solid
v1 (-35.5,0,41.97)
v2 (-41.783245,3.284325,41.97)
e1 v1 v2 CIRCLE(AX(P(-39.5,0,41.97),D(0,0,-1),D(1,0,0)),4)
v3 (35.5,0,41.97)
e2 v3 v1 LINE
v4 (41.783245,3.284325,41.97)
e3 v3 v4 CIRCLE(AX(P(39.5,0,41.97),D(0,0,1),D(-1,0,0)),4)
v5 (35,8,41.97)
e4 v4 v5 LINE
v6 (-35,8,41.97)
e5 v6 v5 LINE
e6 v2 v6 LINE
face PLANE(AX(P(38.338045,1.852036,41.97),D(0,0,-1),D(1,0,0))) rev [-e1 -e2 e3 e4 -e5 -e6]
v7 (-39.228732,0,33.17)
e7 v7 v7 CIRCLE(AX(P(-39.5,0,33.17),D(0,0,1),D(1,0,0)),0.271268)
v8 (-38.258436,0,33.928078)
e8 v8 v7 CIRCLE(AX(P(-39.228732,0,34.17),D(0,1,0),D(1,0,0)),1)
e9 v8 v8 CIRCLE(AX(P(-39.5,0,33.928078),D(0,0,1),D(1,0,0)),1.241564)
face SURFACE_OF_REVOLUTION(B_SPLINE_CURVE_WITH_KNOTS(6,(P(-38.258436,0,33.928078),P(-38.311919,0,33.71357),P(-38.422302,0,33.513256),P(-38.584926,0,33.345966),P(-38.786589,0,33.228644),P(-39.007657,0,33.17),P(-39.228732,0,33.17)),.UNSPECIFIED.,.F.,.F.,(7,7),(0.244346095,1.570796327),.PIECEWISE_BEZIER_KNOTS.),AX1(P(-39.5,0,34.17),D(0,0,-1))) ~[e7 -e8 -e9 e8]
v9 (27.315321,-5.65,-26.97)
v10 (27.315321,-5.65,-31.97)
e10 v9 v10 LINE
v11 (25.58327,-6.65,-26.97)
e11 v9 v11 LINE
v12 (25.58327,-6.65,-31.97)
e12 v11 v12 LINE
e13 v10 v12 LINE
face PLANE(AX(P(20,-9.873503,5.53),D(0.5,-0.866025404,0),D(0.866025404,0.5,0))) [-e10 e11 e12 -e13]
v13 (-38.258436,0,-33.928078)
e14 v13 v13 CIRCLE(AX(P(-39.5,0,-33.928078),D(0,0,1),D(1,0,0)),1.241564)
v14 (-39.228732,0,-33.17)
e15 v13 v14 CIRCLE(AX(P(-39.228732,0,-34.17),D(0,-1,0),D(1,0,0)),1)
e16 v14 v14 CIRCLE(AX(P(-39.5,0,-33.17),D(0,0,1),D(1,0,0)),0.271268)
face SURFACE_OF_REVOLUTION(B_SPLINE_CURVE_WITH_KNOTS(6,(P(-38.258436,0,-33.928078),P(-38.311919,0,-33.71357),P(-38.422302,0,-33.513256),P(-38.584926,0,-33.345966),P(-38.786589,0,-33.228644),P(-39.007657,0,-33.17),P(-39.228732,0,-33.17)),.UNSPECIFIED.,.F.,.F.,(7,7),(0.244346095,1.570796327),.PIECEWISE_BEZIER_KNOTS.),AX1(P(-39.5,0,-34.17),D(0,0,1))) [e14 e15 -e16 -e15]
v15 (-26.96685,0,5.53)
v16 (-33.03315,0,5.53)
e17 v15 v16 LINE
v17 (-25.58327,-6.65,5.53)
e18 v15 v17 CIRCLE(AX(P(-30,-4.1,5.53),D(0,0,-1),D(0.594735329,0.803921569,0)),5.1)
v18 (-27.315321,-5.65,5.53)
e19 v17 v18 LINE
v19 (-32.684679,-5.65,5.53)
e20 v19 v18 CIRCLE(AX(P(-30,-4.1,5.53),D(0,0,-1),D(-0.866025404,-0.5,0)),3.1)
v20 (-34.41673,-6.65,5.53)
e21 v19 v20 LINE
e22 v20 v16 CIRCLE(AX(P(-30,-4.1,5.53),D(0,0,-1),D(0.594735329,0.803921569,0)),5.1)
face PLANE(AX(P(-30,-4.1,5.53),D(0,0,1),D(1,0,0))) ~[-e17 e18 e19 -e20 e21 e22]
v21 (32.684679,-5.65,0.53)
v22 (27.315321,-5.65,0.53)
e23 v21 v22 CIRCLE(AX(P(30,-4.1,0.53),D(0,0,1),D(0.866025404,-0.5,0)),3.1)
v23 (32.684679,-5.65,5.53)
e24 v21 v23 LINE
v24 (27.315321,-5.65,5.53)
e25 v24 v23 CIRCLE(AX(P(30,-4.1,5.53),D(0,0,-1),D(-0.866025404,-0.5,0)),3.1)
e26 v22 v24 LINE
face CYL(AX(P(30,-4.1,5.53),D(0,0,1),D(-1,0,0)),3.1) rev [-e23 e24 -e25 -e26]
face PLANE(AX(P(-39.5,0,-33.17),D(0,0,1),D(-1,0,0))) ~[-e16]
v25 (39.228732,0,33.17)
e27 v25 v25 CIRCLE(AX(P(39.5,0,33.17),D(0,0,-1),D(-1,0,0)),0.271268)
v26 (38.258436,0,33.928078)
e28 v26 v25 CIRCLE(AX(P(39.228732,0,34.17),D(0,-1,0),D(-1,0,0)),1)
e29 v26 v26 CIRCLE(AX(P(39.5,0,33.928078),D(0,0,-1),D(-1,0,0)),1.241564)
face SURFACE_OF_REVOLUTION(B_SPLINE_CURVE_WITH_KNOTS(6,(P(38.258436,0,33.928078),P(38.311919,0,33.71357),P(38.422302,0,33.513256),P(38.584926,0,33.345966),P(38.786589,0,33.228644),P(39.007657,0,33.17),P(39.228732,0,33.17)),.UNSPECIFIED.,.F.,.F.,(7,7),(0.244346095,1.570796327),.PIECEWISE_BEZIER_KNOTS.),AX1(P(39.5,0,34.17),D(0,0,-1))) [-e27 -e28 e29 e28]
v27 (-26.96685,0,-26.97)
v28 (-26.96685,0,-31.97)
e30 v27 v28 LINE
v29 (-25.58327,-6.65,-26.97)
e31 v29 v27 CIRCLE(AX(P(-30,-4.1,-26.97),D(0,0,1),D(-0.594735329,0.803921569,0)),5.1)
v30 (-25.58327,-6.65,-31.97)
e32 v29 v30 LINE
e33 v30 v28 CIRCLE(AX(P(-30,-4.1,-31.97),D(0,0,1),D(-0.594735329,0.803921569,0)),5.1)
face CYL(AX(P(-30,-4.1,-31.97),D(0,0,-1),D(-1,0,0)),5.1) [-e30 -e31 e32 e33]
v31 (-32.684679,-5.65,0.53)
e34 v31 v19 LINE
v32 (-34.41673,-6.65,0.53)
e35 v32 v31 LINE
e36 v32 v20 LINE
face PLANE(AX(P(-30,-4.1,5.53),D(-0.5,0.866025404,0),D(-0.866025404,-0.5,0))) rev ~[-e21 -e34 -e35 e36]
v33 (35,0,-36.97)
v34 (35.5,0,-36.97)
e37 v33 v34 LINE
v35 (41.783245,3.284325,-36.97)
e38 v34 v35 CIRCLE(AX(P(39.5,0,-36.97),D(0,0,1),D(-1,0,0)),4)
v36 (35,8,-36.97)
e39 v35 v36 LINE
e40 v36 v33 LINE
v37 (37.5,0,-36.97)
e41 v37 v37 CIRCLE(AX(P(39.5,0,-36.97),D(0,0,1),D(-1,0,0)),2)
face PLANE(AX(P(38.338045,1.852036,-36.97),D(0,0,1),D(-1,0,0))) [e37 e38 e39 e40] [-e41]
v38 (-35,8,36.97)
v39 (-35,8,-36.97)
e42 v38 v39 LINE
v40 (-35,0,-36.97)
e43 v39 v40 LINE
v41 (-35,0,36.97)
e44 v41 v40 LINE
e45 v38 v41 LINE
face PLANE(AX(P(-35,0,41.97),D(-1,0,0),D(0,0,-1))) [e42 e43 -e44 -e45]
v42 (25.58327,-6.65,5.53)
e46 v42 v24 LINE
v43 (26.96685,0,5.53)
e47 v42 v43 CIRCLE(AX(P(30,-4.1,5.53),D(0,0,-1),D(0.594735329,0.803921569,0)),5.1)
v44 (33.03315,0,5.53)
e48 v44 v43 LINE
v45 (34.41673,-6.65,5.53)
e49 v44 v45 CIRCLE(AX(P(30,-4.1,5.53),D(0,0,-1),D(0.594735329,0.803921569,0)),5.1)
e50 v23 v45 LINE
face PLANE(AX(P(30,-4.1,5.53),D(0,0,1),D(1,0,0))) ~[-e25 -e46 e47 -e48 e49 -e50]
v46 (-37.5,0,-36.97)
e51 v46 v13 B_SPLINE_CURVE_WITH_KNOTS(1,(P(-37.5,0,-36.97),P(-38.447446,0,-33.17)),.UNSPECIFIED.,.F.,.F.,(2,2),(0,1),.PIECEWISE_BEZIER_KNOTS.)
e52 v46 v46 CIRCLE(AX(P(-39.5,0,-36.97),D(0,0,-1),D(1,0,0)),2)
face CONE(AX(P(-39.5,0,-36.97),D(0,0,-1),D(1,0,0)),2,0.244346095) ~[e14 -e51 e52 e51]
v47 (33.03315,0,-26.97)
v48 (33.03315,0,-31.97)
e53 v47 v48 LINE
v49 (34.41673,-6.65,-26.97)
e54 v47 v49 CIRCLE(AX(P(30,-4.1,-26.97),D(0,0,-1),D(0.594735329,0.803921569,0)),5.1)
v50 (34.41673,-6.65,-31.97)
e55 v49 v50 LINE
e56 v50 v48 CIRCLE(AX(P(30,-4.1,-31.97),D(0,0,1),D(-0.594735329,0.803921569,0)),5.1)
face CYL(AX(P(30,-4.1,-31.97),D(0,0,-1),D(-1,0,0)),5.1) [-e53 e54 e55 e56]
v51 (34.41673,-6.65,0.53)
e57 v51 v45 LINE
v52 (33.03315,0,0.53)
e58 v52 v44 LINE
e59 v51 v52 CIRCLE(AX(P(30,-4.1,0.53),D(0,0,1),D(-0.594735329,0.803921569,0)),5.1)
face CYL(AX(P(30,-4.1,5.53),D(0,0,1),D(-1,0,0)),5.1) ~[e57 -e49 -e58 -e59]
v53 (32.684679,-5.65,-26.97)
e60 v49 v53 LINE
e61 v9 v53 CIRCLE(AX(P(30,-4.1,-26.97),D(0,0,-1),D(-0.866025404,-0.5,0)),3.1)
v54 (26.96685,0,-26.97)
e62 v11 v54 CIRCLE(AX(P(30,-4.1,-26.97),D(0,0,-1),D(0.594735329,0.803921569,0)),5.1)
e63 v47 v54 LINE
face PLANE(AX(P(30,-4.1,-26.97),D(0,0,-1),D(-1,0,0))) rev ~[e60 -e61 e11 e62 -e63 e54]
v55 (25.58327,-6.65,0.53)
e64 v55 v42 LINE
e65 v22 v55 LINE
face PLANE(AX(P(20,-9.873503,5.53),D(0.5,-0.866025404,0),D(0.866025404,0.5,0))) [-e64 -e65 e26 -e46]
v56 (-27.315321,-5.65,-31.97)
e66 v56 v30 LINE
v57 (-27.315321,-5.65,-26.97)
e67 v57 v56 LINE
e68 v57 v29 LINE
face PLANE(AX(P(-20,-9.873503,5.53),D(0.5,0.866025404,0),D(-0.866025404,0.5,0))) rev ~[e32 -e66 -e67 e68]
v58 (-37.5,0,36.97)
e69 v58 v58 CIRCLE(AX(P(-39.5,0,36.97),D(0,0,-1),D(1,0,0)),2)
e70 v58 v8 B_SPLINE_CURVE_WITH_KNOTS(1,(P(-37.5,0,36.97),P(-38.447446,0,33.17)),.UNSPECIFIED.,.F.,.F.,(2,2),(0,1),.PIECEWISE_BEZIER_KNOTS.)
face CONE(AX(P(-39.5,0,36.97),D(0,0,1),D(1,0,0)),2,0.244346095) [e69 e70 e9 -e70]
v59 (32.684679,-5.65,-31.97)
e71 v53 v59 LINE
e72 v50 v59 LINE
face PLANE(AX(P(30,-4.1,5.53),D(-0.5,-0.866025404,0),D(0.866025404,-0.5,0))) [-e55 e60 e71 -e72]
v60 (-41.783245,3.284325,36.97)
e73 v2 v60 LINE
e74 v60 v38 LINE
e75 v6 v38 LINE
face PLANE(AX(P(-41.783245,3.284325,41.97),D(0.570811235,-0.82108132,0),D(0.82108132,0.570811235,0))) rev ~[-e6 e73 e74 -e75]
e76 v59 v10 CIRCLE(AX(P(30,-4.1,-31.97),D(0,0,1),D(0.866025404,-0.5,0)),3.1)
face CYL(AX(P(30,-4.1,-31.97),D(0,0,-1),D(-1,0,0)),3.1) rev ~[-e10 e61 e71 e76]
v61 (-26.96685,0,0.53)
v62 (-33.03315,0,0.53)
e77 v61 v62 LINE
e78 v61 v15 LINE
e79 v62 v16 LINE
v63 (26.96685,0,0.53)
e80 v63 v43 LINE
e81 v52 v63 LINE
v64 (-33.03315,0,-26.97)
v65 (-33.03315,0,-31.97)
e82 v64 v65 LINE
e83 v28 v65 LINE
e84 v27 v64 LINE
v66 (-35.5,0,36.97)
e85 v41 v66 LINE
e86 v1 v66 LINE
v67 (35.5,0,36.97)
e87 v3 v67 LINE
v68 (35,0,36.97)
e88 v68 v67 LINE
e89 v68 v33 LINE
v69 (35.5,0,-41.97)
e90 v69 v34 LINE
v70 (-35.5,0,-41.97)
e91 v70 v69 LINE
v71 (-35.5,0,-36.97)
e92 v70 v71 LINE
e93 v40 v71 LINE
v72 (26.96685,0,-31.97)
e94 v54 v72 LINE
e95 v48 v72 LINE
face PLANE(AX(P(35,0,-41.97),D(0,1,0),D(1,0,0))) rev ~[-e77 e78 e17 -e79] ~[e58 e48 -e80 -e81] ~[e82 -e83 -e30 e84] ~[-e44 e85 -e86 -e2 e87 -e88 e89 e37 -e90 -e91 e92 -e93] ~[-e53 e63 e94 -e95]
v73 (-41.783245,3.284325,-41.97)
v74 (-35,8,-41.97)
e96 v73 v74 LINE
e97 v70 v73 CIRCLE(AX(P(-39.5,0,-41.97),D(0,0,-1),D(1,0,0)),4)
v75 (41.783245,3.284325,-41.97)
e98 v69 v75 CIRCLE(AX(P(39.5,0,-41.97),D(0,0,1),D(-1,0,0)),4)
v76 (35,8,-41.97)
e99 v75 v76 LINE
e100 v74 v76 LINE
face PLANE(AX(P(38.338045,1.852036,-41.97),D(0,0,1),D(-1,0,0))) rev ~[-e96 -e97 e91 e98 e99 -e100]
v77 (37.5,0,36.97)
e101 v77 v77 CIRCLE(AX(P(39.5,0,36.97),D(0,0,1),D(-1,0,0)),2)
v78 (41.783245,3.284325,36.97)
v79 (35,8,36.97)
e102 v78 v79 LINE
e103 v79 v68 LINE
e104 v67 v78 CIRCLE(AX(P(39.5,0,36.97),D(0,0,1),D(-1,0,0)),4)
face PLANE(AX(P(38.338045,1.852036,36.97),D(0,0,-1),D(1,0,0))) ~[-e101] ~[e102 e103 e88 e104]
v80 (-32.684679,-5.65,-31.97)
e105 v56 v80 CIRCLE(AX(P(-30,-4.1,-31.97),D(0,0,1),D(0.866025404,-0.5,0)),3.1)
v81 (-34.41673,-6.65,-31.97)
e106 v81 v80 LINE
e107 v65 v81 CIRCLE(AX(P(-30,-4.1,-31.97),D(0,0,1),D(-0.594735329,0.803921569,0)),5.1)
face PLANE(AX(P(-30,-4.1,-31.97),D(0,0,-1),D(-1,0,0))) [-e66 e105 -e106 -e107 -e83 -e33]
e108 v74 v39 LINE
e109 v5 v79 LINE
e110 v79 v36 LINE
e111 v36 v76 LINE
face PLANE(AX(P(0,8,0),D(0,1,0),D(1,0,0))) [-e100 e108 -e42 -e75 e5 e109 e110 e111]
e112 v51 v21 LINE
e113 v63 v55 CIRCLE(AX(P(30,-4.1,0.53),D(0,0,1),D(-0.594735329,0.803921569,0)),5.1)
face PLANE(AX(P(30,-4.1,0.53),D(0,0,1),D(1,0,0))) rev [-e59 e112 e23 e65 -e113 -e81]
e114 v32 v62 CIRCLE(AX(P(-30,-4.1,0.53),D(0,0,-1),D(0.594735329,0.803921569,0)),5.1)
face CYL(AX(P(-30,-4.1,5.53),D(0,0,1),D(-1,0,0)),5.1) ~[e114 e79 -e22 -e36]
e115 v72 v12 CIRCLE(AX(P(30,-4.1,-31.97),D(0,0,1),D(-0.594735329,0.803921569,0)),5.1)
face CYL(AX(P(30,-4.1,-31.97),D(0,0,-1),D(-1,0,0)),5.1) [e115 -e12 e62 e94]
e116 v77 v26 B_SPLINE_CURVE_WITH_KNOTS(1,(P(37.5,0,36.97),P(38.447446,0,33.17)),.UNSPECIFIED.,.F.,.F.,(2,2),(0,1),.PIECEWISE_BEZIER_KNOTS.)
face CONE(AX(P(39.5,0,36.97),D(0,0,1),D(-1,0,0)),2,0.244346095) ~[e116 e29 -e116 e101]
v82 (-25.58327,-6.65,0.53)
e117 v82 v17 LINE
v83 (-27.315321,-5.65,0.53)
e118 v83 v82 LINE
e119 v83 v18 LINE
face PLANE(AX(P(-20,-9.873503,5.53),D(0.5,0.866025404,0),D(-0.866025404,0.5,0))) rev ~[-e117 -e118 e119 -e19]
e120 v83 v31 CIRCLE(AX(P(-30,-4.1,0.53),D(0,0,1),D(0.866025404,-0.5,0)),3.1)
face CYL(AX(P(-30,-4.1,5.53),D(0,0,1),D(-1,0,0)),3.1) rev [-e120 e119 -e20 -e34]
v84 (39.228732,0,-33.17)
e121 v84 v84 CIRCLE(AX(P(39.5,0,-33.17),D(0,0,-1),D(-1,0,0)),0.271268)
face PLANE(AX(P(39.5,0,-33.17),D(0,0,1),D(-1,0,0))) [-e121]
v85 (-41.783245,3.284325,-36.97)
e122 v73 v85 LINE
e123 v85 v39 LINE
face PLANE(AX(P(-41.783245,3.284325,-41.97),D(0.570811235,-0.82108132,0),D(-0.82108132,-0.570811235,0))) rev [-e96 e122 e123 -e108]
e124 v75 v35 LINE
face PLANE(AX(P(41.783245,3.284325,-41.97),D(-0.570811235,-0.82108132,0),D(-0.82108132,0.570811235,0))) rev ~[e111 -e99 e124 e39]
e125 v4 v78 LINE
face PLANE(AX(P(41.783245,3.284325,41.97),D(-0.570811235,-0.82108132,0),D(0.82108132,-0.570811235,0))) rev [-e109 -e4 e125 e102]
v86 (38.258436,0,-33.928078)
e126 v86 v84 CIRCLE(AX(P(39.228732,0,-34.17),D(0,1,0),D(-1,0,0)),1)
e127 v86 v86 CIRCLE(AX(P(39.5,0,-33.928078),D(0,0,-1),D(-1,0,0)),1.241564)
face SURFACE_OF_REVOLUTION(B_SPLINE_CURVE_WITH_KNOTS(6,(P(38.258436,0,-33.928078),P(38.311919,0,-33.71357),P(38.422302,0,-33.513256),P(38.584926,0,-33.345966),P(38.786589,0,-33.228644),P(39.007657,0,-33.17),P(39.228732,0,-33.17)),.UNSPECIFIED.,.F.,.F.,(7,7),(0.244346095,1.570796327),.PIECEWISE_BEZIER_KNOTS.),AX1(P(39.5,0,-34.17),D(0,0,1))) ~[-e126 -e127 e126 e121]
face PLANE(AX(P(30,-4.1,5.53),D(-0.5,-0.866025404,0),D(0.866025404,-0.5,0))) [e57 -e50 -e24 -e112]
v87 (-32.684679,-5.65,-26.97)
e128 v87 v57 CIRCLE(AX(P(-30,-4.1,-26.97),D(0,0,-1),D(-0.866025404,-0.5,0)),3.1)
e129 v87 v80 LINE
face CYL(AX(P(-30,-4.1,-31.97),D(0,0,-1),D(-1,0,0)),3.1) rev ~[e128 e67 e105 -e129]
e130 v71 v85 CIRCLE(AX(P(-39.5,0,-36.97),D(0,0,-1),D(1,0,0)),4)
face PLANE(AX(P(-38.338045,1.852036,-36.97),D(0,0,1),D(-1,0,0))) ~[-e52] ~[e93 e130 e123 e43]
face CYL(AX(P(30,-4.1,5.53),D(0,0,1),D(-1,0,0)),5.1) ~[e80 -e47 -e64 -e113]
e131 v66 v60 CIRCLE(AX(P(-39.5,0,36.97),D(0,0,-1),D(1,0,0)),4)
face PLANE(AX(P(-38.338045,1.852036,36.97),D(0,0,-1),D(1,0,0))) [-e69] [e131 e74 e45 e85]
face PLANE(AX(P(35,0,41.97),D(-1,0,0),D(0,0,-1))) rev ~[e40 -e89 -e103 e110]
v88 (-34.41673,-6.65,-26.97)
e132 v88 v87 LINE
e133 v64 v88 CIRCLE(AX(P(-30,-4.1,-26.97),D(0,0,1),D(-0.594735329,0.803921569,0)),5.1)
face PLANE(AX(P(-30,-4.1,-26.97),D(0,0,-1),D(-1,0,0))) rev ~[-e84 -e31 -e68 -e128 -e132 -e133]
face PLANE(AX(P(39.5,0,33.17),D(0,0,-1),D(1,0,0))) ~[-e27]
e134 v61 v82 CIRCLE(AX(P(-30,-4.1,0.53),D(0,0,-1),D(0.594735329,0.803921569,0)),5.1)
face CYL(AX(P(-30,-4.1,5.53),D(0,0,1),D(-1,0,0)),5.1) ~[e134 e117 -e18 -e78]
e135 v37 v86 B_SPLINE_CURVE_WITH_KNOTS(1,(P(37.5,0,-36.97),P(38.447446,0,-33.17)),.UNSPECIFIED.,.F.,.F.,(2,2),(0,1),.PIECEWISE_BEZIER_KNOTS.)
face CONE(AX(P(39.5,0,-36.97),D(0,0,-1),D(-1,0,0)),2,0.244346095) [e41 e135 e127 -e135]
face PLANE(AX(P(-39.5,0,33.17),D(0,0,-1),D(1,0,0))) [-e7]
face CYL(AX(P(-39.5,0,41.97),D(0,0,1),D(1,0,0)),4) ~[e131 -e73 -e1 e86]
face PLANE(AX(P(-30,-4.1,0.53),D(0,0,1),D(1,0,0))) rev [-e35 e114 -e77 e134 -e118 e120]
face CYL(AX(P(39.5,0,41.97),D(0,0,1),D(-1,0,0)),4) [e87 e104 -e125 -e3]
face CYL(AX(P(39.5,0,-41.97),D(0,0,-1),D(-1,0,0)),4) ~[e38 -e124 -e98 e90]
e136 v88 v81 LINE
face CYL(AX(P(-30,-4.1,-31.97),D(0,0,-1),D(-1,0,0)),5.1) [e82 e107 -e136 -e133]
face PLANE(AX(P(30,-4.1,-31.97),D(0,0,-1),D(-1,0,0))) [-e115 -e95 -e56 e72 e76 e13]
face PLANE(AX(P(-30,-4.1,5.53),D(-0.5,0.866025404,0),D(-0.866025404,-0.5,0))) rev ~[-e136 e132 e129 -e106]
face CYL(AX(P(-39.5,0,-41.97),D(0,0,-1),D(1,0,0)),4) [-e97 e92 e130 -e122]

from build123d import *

# Parameters (mm, degrees)
SKETCH1_W           = 70
SKETCH1_H           = 83.94
BOSS_EXTRUDE1_DEPTH = 8
BOSS_EXTRUDE2_START = -10
SKETCH3_R           = 5.1
SKETCH3_R_2         = 3.1
BOSS_EXTRUDE2_DEPTH = 5
CUT_EXTRUDE1_DEPTH  = 63
BOSS_EXTRUDE3_DEPTH = 5
SKETCH6_R           = 2
BOSS_EXTRUDE4_DEPTH = 3.8
BOSS_EXTRUDE4_TAPER = 14
FILLET1_R           = 1


with BuildPart() as part:
    # Sketch1 → Boss-Extrude1 (new body)
    with BuildSketch(Plane(origin=(0, 0, 0), x_dir=(1, 0, 0), z_dir=(0, 1, 0))):
        Rectangle(SKETCH1_W, SKETCH1_H)
    extrude(amount=BOSS_EXTRUDE1_DEPTH)

    # Sketch3 → Boss-Extrude2 (add)
    # profile 1 of 2: a face of its own
    with BuildSketch(Plane(origin=(0, 0, -41.97), x_dir=(-1, 0, 0), z_dir=(0, 0, -1)).offset(BOSS_EXTRUDE2_START)):
        with Locations((-30, -4.1)):
            Circle(SKETCH3_R)
        with Locations((-30, -4.1)):
            Circle(SKETCH3_R_2, mode=Mode.SUBTRACT)
    # profile 2 of 2: a face of its own
    with BuildSketch(Plane(origin=(0, 0, -41.97), x_dir=(-1, 0, 0), z_dir=(0, 0, -1)).offset(BOSS_EXTRUDE2_START)):
        with Locations((30, -4.1)):
            Circle(SKETCH3_R)
        with Locations((30, -4.1)):
            Circle(SKETCH3_R_2, mode=Mode.SUBTRACT)
    boss_extrude2 = extrude(amount=-BOSS_EXTRUDE2_DEPTH)

    # Mirror1: Boss-Extrude2 across plane
    add(boss_extrude2.mirror(Plane.XY.offset(-13.22)))

    # Sketch4 → Cut-Extrude1 (cut)
    with BuildSketch(Plane.XY.offset(5.53)):
        Polygon((30, -4.1), (40, -9.873502692), (20, -9.873502692), align=None)
        Polygon((-40, -9.873502692), (-20, -9.873502692), (-30, -4.1), align=None)
    extrude(amount=-CUT_EXTRUDE1_DEPTH, mode=Mode.SUBTRACT)


with BuildPart() as body_2:
    # Sketch5 → Boss-Extrude3 (new body)
    with BuildSketch(Plane.XY.offset(41.97)):
        with BuildLine():
            Line((35, 8), (35.5, 8))
            ThreePointArc((35.5, 8), (41.352973318, 11.544924524), (41.783244941, 4.715674721))
            Line((41.783244941, 4.715674721), (35, 0))
            Line((35, 0), (35, 8))
        make_face()
    extrude(amount=-BOSS_EXTRUDE3_DEPTH)

    # Sketch6 → Boss-Extrude4 (add)
    with BuildSketch(Plane(origin=(0, 0, 36.97), x_dir=(-1, 0, 0), z_dir=(0, 0, -1))):
        with Locations((-39.5, 8)):
            Circle(SKETCH6_R)
    extrude(amount=BOSS_EXTRUDE4_DEPTH, taper=BOSS_EXTRUDE4_TAPER)

    # Fillet1
    fillet1_edges = [body_2.edges().sort_by_distance(p)[0] for p in [
        (40.552553589, 8, 33.17),
    ]]
    fillet(fillet1_edges, radius=FILLET1_R)


with BuildPart() as body_3:
    # Mirror2: mirrored copy
    add(body_2.part.mirror(Plane(origin=(0, 4, 0), x_dir=(0, 0, 1), z_dir=(0, -1, 0))))


with BuildPart() as body_3_2:
    # Mirror3: mirrored copy
    add(body_3.part.mirror(Plane.XY))


with BuildPart() as body_4:
    # Mirror4: mirrored copy
    add(body_3.part.mirror(Plane.ZY))


with BuildPart() as body_5:
    # Mirror4 2: mirrored copy
    add(body_3_2.part.mirror(Plane.ZY))

    # Combine1: union part, body 4, body 3, body 3 2
    add(part.part)
    add(body_4.part)
    add(body_3.part)
    add(body_3_2.part)


solid = body_5.part
